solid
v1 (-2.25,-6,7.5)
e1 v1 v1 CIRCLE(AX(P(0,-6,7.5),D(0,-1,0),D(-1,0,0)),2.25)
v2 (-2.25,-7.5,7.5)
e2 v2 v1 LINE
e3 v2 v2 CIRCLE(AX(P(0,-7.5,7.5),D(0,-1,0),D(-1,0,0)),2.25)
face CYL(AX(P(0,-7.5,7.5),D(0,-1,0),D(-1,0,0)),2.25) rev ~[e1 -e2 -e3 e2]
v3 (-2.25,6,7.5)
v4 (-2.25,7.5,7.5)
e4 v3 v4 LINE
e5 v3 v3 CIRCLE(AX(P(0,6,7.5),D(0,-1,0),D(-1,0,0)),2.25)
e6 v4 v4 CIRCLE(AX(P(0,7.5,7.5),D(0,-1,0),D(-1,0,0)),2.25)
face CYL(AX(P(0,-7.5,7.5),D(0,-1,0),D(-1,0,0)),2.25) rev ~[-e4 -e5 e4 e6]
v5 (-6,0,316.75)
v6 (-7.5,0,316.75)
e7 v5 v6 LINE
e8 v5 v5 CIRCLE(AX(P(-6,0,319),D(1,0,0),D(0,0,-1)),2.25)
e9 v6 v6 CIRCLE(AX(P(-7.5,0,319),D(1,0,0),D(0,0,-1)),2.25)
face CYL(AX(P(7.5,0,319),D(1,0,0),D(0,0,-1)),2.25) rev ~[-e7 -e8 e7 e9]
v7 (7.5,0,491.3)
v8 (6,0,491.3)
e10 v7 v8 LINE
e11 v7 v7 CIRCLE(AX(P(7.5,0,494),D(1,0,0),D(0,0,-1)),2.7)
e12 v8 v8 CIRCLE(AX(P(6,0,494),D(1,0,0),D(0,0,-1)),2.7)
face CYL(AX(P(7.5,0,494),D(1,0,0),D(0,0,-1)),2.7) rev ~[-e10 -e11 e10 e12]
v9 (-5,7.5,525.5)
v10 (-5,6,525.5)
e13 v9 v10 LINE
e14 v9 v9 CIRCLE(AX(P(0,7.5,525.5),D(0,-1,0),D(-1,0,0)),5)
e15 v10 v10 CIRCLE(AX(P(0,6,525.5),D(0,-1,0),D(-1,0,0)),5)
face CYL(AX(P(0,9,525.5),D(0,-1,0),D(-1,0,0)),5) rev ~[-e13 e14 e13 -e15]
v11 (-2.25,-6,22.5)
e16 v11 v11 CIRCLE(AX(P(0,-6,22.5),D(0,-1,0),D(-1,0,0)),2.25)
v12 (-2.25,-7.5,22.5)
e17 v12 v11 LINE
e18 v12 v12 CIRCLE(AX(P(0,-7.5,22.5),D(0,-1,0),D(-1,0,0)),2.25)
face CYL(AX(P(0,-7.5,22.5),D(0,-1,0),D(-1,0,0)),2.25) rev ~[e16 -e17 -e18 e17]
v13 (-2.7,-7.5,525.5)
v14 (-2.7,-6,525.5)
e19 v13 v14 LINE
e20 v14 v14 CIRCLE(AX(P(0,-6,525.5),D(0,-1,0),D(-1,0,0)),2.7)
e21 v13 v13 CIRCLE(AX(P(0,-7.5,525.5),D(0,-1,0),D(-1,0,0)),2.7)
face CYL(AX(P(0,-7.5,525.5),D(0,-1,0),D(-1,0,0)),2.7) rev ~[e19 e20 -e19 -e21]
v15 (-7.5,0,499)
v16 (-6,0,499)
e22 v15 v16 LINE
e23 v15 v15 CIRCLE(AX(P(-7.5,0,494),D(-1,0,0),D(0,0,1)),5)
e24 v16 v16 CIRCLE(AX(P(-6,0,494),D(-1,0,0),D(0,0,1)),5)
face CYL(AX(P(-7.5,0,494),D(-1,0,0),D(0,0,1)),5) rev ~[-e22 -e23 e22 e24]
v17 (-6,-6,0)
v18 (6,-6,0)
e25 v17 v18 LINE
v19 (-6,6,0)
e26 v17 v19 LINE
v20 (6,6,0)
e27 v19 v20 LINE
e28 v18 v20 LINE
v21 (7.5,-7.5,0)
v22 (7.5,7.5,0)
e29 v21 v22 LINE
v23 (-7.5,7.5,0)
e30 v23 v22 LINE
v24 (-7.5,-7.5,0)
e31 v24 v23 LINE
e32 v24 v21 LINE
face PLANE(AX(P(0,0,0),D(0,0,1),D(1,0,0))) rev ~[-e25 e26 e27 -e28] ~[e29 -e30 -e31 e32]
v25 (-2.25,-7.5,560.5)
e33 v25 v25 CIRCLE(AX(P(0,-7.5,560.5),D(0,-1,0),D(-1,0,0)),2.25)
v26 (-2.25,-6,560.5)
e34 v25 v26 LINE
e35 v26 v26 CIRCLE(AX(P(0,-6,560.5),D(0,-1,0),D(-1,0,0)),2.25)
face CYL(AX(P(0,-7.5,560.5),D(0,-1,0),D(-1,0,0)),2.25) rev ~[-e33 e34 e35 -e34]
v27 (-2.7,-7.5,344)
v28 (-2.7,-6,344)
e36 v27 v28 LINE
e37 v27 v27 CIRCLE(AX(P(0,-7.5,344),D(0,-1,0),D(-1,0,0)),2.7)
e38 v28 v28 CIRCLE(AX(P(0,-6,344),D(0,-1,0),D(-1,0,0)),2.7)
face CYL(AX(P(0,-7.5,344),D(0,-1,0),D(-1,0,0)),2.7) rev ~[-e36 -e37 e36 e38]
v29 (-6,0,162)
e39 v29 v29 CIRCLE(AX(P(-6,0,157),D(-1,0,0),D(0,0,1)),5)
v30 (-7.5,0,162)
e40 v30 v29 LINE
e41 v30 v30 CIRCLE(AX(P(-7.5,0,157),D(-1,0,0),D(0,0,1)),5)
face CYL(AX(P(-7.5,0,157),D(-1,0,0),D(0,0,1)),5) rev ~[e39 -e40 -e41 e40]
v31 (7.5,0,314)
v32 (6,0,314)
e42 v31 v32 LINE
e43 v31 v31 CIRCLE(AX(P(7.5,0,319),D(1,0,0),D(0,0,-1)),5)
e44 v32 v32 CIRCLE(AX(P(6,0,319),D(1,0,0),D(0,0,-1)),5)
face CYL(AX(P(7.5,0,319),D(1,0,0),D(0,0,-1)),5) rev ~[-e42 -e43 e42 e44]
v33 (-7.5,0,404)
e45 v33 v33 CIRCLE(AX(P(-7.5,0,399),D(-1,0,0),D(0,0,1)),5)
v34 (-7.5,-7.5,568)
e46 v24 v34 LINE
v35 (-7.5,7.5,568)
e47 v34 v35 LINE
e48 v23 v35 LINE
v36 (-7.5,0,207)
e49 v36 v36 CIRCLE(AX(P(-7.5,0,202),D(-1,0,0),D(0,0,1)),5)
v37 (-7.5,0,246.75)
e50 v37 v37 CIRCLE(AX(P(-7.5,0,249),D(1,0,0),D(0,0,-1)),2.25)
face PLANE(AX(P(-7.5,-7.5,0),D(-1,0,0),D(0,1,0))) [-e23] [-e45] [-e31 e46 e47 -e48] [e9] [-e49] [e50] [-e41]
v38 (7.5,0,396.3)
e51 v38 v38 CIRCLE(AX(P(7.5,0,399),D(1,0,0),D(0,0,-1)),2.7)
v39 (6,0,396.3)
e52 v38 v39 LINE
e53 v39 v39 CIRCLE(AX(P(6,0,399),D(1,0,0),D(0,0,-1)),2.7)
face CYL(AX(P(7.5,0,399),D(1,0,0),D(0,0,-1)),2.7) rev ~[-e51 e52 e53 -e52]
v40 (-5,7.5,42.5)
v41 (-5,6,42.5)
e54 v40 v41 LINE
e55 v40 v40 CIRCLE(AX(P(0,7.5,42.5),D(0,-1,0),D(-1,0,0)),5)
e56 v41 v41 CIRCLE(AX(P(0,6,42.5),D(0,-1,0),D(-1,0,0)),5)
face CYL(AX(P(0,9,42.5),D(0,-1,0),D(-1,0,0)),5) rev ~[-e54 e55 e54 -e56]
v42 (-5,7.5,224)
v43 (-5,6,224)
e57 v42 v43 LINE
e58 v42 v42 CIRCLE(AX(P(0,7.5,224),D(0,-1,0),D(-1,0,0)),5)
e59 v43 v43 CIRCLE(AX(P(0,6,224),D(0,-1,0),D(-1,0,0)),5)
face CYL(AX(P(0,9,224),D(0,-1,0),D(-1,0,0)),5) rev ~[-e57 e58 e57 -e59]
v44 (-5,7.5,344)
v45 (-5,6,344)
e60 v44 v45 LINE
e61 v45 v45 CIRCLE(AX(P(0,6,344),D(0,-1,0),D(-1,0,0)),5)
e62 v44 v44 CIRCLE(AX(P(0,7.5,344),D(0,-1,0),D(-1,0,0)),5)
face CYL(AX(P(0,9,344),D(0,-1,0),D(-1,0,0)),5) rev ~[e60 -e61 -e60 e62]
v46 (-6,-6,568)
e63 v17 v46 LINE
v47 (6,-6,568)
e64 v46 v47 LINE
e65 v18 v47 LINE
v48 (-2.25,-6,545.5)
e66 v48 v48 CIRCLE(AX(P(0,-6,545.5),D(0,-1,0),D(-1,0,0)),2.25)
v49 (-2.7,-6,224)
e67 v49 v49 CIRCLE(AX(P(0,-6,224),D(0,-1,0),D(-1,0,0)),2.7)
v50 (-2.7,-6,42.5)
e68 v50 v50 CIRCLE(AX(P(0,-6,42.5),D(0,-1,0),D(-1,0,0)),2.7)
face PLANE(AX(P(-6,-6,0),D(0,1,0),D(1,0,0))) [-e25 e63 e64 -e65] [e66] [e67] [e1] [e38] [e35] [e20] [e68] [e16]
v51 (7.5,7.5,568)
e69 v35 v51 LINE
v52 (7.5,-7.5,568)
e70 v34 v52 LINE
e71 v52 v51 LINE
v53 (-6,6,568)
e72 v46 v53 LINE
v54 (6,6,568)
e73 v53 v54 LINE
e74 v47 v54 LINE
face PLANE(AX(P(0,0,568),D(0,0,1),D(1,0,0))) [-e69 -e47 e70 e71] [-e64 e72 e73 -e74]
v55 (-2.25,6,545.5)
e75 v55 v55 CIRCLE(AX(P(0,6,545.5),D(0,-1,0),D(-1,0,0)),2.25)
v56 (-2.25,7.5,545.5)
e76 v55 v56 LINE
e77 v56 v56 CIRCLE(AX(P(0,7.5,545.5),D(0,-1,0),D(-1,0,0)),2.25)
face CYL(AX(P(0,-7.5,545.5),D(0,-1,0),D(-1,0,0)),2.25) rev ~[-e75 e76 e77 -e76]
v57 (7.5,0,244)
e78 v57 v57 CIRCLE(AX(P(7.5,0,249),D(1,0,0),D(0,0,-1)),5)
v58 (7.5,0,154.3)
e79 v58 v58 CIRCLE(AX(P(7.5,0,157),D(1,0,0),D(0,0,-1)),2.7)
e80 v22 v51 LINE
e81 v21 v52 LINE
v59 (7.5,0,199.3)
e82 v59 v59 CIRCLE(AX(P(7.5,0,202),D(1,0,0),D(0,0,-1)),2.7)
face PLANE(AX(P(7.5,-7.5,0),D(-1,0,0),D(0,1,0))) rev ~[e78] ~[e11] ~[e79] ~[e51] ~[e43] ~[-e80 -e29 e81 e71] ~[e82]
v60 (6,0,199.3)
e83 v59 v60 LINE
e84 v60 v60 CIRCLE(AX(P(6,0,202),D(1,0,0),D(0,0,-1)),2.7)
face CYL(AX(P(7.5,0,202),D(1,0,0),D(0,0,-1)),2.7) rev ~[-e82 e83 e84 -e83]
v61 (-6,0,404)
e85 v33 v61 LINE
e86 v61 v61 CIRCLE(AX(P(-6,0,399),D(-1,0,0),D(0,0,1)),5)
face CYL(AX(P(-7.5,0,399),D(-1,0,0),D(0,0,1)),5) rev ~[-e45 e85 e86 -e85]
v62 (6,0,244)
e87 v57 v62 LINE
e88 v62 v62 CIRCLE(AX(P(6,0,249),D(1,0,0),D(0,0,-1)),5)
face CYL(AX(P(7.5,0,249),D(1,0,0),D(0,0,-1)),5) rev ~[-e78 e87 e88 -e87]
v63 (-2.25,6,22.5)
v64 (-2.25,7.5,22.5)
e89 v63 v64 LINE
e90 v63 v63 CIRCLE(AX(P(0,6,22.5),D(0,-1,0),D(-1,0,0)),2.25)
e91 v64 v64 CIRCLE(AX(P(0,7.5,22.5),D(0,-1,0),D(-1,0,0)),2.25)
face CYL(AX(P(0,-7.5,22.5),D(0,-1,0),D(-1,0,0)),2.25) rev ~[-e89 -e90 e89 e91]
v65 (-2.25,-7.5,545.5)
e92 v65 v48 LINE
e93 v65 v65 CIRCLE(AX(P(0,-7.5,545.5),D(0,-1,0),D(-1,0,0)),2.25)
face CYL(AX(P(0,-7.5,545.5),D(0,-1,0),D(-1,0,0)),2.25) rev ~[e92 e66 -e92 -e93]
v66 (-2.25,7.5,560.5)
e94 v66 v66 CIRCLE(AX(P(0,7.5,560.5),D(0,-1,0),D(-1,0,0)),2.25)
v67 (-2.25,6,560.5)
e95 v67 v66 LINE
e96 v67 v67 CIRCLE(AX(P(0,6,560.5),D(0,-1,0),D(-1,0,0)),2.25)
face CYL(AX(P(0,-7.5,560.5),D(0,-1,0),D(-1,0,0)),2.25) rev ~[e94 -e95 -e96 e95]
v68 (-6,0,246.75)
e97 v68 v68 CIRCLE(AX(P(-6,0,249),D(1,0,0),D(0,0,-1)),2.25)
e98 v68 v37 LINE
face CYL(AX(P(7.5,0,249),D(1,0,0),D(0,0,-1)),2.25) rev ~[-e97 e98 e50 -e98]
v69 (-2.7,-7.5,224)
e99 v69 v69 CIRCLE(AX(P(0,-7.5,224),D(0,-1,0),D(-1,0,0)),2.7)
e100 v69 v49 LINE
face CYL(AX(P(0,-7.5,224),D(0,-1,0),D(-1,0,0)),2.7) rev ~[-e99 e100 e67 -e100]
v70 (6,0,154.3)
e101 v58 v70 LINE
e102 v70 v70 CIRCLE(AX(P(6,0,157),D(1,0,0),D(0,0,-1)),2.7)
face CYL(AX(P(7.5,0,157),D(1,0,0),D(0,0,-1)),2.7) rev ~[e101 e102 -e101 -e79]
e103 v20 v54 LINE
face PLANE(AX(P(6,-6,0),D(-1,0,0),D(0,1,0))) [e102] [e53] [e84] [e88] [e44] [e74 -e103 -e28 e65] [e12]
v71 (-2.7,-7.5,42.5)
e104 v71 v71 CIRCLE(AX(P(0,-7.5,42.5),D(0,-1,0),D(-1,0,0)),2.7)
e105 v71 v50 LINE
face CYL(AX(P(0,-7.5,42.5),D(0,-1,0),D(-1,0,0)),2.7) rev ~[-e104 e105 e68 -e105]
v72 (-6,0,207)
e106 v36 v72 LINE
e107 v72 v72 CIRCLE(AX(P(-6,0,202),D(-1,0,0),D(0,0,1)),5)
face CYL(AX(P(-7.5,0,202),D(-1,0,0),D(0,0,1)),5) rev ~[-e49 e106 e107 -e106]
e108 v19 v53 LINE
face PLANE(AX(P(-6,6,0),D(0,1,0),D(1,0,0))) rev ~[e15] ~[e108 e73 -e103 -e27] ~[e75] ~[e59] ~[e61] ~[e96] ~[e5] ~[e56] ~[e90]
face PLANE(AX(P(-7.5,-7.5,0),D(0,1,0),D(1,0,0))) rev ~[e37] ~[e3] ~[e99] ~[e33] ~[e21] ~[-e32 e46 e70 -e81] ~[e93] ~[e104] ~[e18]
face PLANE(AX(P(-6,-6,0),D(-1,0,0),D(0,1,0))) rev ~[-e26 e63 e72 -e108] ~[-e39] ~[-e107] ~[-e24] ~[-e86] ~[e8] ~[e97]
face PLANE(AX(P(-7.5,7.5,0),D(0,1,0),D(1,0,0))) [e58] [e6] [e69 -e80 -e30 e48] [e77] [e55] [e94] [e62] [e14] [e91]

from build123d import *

# Parameters (mm, degrees)
SKETCH_1_W                  = 15
SKETCH_1_H                  = 15
SKETCH_1_W_2                = 12
SKETCH_1_H_2                = 12
EXTRUDE_1_DEPTH             = 568
SKETCH_5_R                  = 2.25
SKETCH_5_R_2                = 2.7
CUT_EXTRUDE_4_DEPTH         = 20
SKETCH_9_R                  = 2.7
CUT_EXTRUDE_6_DEPTH         = 40
SKETCH_10_R                 = 5
CUT_EXTRUDE_7_DEPTH         = 5
SKETCH_13_R                 = 2.25
CUT_EXTRUDE_10_DEPTH        = 40
SKETCH_14_R                 = 5
CUT_EXTRUDE_11_DEPTH        = 5
HOLE_WIZARD_10_0_10_1_D     = 10
HOLE_WIZARD_10_0_10_1_DEPTH = 1.5


with BuildPart() as part:
    # ｽｹｯﾁ1 → ﾎﾞｽ - 押し出し1 (new body)
    with BuildSketch(Plane.XY):
        Rectangle(SKETCH_1_W, SKETCH_1_H)
        Rectangle(SKETCH_1_W_2, SKETCH_1_H_2, mode=Mode.SUBTRACT)
    extrude(amount=EXTRUDE_1_DEPTH)

    # ｽｹｯﾁ5 → ｶｯﾄ - 押し出し4 (cut)
    with BuildSketch(Plane(origin=(0, -7.5, 0), x_dir=(-1, 0, 0), z_dir=(0, -1, 0))):
        with Locations((0, -22.5)):
            Circle(SKETCH_5_R)
        with Locations((0, -7.5)):
            Circle(SKETCH_5_R)
        with Locations((0, -560.5)):
            Circle(SKETCH_5_R)
        with Locations((0, -545.5)):
            Circle(SKETCH_5_R)
        with Locations((0, -42.5)):
            Circle(SKETCH_5_R_2)
        with Locations((0, -224)):
            Circle(SKETCH_5_R_2)
        with Locations((0, -344)):
            Circle(SKETCH_5_R_2)
        with Locations((0, -525.5)):
            Circle(SKETCH_5_R_2)
    extrude(amount=-CUT_EXTRUDE_4_DEPTH, mode=Mode.SUBTRACT)

    # ｽｹｯﾁ9 → ｶｯﾄ - 押し出し6 (cut)
    with BuildSketch(Plane(origin=(7.5, 0, 0), x_dir=(0, 0, -1), z_dir=(1, 0, 0))):
        with Locations((-494, 0)):
            Circle(SKETCH_9_R)
        with Locations((-399, 0)):
            Circle(SKETCH_9_R)
        with Locations((-202, 0)):
            Circle(SKETCH_9_R)
        with Locations((-157, 0)):
            Circle(SKETCH_9_R)
    extrude(amount=-CUT_EXTRUDE_6_DEPTH, mode=Mode.SUBTRACT)

    # ｽｹｯﾁ10 → ｶｯﾄ - 押し出し7 (cut)
    with BuildSketch(Plane.ZY.offset(7.5)):
        with Locations((157, 0)):
            Circle(SKETCH_10_R)
        with Locations((202, 0)):
            Circle(SKETCH_10_R)
        with Locations((399, 0)):
            Circle(SKETCH_10_R)
        with Locations((494, 0)):
            Circle(SKETCH_10_R)
    extrude(amount=-CUT_EXTRUDE_7_DEPTH, mode=Mode.SUBTRACT)

    # ｽｹｯﾁ13 → ｶｯﾄ - 押し出し10 (cut)
    with BuildSketch(Plane(origin=(7.5, 0, 0), x_dir=(0, 0, -1), z_dir=(1, 0, 0))):
        with Locations((-319, 0)):
            Circle(SKETCH_13_R)
        with Locations((-249, 0)):
            Circle(SKETCH_13_R)
    extrude(amount=-CUT_EXTRUDE_10_DEPTH, mode=Mode.SUBTRACT)

    # ｽｹｯﾁ14 → ｶｯﾄ - 押し出し11 (cut)
    with BuildSketch(Plane(origin=(7.5, 0, 0), x_dir=(0, 0, -1), z_dir=(1, 0, 0))):
        with Locations((-319, 0)):
            Circle(SKETCH_14_R)
        with Locations((-249, 0)):
            Circle(SKETCH_14_R)
    extrude(amount=-CUT_EXTRUDE_11_DEPTH, mode=Mode.SUBTRACT)

    # Ø10.0 (10) 直径の穴1
    with Locations(Plane(origin=(0, 7.5, 0), x_dir=(1, 0, 0), z_dir=(0, 1, 0))):
        with Locations((0, -42.5), (0, -224), (0, -344), (0, -525.5)):
            Hole(HOLE_WIZARD_10_0_10_1_D / 2, depth=HOLE_WIZARD_10_0_10_1_DEPTH)


solid = part.part
